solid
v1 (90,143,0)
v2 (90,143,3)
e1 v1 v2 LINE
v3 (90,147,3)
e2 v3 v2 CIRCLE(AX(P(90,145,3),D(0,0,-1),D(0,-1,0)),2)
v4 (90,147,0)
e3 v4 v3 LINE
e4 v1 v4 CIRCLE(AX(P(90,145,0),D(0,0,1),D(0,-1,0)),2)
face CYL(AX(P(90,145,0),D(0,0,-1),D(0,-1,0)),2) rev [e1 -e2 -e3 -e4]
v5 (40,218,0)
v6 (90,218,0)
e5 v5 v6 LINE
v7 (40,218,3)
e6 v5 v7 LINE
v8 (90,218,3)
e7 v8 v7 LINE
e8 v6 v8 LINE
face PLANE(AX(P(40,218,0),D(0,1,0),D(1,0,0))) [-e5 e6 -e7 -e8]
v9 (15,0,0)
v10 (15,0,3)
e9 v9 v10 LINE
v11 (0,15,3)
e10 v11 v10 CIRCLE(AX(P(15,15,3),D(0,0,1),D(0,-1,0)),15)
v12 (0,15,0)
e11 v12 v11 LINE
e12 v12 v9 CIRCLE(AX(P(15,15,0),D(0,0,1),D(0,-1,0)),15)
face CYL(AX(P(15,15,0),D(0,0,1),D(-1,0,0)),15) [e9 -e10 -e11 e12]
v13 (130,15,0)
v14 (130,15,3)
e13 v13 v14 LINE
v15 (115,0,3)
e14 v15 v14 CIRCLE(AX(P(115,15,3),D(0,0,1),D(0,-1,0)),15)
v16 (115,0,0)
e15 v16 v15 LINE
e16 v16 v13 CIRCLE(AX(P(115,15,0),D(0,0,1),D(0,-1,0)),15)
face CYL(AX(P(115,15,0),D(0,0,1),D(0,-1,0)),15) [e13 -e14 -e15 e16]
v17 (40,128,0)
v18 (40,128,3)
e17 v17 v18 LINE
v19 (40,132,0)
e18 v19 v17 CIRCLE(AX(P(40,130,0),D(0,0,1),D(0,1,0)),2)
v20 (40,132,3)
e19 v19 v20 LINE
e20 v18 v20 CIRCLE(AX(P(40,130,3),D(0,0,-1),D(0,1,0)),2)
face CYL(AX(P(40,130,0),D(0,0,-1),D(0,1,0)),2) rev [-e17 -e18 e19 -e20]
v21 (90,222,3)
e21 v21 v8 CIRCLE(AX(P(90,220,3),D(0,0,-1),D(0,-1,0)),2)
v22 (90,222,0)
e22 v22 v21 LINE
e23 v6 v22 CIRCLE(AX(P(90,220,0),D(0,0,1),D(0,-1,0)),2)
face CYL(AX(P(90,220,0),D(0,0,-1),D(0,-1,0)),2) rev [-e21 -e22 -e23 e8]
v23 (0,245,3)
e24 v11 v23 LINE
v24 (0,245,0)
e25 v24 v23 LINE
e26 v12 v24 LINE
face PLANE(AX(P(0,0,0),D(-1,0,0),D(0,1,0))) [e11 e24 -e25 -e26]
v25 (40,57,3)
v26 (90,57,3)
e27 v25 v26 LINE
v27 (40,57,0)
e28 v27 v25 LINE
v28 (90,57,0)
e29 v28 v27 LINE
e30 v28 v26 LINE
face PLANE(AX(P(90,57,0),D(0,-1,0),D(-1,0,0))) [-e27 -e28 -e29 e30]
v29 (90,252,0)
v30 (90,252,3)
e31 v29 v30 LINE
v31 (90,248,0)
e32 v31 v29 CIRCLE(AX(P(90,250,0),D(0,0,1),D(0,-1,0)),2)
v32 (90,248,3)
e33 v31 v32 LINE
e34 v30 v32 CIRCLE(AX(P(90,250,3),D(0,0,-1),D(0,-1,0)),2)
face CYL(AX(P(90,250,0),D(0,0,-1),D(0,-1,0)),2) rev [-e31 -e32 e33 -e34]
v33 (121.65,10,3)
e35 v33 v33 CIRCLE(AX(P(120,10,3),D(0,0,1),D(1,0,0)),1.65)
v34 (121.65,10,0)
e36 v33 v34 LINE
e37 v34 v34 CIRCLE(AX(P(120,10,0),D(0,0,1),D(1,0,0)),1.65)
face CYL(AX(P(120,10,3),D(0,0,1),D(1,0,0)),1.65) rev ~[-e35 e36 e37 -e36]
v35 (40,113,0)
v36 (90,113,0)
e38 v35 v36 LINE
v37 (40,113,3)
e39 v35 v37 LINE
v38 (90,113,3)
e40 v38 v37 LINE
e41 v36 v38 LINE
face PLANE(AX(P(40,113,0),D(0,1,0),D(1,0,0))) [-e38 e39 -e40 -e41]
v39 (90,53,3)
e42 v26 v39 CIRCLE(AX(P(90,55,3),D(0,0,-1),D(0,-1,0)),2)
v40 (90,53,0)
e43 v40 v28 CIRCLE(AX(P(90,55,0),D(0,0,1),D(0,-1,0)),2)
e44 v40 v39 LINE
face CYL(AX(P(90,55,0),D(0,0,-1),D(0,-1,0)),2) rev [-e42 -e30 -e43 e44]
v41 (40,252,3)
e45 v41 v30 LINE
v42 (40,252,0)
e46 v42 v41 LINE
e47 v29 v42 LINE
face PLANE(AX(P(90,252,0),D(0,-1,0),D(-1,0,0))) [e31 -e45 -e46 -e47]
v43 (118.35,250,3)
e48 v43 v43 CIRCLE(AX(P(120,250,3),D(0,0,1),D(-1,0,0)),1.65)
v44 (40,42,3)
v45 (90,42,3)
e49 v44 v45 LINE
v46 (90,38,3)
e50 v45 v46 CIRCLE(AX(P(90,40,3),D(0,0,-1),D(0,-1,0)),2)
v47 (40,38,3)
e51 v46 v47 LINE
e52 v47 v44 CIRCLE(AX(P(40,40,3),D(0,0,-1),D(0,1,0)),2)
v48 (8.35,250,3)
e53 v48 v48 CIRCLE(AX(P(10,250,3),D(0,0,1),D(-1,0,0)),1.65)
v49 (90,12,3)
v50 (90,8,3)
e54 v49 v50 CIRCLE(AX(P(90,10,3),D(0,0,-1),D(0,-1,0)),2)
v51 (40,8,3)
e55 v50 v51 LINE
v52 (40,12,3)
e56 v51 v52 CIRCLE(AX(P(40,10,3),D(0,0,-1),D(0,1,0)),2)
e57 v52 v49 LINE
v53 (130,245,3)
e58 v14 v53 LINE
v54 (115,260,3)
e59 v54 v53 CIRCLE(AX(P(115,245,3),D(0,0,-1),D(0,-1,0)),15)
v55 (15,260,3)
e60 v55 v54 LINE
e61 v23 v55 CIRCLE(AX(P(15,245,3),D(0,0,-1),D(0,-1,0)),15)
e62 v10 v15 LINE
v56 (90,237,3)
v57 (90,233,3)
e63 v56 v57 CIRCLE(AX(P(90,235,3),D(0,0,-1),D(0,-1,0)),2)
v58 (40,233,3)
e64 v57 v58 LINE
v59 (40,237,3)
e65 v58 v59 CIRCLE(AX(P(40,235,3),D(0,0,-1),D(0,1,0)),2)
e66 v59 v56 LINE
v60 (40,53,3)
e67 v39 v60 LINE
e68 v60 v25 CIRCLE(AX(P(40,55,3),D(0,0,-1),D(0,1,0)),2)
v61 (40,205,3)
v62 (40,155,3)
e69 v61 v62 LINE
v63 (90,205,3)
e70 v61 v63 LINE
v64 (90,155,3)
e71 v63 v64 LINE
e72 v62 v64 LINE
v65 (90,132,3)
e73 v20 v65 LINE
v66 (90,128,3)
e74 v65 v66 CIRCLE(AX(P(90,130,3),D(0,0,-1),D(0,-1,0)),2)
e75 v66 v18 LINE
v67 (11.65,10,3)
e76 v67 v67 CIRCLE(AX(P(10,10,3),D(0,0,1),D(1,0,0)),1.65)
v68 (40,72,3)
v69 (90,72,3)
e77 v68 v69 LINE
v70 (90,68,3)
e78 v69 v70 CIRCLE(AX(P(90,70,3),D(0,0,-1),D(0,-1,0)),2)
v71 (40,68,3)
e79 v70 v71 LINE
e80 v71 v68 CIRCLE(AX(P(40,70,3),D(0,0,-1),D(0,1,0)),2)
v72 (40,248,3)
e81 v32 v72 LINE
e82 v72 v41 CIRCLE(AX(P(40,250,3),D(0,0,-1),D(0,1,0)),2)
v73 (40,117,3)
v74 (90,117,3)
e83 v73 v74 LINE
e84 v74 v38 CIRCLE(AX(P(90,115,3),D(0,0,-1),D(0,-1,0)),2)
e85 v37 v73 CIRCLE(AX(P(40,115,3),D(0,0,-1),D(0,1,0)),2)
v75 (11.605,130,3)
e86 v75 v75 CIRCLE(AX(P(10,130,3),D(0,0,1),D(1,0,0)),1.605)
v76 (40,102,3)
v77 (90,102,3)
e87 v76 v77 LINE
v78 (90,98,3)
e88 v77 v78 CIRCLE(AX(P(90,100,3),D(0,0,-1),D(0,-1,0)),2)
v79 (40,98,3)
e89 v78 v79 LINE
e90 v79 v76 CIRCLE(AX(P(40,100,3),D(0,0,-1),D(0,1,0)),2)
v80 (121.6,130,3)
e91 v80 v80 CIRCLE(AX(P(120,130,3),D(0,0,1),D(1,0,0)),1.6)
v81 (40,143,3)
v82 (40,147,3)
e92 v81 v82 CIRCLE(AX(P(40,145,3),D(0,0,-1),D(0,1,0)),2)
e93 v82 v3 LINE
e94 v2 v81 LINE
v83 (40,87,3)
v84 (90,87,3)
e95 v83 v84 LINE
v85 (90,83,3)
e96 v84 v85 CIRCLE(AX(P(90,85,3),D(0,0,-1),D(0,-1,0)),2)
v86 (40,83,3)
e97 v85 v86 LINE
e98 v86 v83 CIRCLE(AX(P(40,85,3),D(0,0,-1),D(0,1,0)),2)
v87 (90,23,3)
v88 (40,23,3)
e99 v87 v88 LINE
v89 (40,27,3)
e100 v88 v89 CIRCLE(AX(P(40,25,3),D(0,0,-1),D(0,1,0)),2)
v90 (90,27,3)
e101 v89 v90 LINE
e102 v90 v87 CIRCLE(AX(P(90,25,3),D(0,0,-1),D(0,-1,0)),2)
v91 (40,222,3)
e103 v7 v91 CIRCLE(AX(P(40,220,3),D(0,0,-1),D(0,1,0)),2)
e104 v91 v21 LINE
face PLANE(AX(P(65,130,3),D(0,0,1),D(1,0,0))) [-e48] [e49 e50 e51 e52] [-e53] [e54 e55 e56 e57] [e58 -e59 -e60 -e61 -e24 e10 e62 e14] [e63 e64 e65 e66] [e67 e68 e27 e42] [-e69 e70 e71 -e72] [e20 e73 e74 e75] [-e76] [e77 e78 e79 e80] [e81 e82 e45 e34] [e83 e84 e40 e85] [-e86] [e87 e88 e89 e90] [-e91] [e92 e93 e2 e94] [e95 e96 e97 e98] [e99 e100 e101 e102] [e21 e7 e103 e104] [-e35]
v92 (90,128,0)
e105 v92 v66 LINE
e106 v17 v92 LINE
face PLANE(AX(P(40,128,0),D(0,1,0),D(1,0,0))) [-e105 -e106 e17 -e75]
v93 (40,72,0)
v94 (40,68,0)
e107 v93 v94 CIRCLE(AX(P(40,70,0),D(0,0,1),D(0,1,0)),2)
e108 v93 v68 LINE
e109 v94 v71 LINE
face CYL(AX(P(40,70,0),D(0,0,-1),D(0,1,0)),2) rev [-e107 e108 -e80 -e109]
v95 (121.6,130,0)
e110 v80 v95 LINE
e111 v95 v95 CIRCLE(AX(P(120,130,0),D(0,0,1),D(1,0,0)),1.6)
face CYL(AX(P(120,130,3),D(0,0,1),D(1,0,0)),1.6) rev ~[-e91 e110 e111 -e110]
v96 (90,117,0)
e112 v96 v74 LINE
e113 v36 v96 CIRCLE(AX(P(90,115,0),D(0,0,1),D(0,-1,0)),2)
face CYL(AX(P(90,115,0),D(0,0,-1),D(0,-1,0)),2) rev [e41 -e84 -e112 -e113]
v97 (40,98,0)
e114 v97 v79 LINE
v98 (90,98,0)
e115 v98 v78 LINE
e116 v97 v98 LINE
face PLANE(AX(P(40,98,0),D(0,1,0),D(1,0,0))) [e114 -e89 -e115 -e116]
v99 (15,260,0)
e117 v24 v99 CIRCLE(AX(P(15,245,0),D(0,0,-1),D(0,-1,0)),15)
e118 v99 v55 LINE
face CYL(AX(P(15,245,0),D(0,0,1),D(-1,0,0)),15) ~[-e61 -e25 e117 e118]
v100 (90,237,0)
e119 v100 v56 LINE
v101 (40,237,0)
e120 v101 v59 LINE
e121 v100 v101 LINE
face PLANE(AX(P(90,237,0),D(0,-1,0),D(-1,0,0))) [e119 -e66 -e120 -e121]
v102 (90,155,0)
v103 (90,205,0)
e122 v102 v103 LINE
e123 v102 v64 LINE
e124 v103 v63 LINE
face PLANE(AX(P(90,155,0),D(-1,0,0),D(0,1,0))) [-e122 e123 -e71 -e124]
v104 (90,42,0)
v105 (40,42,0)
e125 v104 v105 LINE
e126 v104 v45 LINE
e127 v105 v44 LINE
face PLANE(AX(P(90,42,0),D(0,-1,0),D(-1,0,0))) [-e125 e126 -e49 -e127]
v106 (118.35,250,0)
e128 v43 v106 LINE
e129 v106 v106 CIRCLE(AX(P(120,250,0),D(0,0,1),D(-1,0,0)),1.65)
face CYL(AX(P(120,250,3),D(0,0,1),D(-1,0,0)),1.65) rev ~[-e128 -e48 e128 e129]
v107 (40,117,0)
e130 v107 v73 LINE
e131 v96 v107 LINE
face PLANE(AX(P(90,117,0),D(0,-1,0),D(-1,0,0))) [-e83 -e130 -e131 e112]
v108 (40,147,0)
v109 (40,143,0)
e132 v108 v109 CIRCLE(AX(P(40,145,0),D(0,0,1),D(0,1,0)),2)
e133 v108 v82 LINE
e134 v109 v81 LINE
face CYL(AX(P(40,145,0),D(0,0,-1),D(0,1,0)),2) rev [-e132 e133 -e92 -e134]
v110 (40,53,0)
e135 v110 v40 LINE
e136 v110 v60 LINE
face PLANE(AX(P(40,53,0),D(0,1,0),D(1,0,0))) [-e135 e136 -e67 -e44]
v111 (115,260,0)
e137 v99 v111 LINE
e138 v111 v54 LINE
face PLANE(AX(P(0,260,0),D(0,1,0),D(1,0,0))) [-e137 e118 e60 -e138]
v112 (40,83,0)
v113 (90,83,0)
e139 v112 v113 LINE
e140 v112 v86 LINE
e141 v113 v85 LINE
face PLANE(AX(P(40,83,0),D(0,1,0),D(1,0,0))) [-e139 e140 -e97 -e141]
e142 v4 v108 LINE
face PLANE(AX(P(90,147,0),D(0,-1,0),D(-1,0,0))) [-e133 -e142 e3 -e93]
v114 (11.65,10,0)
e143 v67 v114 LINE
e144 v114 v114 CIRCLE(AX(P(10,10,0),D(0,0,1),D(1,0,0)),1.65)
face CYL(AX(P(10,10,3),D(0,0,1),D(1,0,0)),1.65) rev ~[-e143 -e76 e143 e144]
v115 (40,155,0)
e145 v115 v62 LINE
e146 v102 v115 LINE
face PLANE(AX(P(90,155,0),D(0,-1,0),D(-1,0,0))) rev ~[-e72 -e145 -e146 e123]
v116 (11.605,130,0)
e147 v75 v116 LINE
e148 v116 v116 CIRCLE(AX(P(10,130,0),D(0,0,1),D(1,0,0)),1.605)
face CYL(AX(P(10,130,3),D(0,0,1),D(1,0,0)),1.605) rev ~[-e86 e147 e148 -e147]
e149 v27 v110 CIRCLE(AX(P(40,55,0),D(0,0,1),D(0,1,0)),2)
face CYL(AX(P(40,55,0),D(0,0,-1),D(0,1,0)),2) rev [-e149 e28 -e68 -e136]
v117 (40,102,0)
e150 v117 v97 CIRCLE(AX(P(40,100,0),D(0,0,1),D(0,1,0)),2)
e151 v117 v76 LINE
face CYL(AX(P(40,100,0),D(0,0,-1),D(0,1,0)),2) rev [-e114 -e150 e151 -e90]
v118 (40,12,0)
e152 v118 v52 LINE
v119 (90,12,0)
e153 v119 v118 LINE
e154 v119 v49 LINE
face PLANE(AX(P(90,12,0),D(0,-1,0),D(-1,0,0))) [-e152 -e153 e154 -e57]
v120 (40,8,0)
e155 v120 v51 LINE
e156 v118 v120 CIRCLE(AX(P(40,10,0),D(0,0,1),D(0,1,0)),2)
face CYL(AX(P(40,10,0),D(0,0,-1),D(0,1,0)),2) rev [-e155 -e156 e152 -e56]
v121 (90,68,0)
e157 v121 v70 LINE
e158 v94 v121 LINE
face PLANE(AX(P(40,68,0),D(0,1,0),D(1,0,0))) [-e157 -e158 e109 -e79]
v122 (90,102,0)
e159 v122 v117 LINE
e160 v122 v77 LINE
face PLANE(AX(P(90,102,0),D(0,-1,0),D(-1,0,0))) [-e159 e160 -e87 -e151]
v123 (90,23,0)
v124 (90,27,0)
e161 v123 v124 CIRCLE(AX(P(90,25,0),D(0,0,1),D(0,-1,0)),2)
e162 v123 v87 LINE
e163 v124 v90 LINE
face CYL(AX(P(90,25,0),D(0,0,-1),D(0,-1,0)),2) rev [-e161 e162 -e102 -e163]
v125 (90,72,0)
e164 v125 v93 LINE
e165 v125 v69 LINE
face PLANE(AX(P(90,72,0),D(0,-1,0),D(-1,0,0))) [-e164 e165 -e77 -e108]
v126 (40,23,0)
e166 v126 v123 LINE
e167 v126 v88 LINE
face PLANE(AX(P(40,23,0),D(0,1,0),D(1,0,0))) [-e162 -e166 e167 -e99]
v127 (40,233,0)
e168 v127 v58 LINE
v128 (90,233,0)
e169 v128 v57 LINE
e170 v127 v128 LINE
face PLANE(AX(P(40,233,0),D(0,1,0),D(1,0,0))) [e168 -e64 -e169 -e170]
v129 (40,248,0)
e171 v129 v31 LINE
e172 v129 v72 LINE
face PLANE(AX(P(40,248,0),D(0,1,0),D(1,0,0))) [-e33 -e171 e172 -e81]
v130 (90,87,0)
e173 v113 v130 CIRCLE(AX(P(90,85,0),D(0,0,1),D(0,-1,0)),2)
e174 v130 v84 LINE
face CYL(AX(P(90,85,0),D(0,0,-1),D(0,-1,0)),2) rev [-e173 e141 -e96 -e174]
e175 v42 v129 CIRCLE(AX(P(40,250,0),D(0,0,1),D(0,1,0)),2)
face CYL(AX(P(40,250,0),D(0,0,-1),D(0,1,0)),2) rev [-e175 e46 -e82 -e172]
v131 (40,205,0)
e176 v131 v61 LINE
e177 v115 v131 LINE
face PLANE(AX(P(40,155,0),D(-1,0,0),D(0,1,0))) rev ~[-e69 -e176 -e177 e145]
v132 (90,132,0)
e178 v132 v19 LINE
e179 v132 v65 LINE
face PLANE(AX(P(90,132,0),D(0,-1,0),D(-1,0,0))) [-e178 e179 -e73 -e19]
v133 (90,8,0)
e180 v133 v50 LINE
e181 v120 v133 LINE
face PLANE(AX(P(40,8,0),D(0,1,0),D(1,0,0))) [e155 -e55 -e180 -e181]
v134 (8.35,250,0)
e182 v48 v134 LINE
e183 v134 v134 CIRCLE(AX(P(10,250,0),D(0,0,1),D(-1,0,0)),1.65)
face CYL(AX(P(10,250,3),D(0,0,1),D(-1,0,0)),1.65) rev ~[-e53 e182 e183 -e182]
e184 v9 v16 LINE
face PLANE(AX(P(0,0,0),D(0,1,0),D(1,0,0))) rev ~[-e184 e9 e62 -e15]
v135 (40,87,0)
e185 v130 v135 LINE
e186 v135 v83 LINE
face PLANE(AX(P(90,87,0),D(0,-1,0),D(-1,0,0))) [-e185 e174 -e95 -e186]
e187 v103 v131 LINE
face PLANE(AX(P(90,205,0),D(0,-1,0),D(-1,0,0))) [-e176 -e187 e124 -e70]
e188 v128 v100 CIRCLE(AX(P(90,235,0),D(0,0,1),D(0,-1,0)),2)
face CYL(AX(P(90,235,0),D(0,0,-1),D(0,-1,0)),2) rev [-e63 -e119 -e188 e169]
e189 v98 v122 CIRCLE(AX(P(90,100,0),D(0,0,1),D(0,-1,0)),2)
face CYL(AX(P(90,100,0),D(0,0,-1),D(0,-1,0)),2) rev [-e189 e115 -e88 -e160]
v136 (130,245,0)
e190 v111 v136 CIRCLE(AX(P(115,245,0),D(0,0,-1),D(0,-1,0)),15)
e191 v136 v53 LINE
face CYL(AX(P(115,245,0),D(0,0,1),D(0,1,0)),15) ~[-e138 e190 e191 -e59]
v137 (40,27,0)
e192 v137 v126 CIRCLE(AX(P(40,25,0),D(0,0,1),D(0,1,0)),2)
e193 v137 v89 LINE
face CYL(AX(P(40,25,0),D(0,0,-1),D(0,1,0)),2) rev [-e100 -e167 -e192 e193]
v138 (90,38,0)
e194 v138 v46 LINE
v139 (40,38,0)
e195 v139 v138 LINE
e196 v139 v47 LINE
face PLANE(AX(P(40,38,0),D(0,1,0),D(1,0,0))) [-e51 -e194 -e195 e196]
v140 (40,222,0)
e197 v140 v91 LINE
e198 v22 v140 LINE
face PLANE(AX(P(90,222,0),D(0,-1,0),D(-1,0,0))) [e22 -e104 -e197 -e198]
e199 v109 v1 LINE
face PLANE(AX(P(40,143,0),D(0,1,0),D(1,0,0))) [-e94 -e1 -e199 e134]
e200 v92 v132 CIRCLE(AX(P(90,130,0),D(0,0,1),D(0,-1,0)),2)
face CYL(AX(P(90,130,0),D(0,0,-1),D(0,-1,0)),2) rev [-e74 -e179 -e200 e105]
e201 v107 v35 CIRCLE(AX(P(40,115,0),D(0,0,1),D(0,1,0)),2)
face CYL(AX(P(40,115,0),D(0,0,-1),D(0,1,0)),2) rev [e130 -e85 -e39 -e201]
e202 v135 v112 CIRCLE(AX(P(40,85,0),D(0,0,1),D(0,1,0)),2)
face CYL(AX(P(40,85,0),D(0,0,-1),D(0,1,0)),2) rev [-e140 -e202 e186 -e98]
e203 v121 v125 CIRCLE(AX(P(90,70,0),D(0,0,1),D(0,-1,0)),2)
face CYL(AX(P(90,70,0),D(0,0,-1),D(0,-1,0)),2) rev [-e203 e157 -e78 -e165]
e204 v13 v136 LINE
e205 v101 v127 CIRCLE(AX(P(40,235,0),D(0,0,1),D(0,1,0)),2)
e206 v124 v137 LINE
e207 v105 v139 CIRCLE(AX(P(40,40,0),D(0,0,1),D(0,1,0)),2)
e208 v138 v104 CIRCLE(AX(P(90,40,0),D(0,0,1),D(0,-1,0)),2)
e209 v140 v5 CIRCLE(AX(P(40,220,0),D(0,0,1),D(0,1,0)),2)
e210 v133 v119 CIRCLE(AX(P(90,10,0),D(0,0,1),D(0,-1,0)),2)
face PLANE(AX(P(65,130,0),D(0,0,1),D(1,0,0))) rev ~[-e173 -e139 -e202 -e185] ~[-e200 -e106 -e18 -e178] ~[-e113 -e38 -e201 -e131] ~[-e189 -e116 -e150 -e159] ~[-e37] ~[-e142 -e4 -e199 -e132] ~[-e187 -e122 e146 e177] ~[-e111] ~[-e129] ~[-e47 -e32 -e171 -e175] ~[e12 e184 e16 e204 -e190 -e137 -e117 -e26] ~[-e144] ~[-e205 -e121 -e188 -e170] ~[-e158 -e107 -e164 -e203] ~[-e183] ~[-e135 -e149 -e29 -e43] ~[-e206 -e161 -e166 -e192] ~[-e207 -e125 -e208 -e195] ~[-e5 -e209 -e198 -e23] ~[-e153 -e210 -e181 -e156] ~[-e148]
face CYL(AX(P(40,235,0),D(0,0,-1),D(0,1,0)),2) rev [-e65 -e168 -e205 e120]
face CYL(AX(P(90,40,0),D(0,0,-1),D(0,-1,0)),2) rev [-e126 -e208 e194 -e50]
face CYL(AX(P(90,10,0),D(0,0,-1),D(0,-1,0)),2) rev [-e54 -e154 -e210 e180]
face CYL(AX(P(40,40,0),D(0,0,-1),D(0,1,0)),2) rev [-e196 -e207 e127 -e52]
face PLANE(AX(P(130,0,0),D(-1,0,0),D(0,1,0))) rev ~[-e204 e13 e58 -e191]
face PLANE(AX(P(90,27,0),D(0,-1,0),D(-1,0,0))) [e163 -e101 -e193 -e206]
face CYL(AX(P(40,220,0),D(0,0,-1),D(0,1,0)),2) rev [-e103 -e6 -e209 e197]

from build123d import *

# Parameters (mm, degrees)
SKETCH_1_W          = 130
SKETCH_1_H          = 260
EXTRUDE_1_DEPTH     = 3
SKETCH_2_R          = 1.65
SKETCH_2_R_2        = 1.6
SKETCH_2_R_3        = 1.605
CUT_EXTRUDE_1_DEPTH = 3
SKETCH_3_W          = 50
SKETCH_3_H          = 50
CUT_EXTRUDE_2_DEPTH = 10
FILLET_1_R          = 15
CUT_EXTRUDE_4_DEPTH = 10


with BuildPart() as part:
    # 草图1 → 凸台-拉伸1 (new body)
    with BuildSketch(Plane.XY):
        with Locations((65, 130)):
            Rectangle(SKETCH_1_W, SKETCH_1_H)
    extrude(amount=EXTRUDE_1_DEPTH)

    # 草图2 → 切除-拉伸1 (cut)
    with BuildSketch(Plane.XY.offset(3)):
        with Locations((120, 10)):
            Circle(SKETCH_2_R)
        with Locations((10, 10)):
            Circle(SKETCH_2_R)
        with Locations(Location((10, 250, 0), (0, 0, 180))):
            Circle(SKETCH_2_R)
        with Locations(Location((120, 250, 0), (0, 0, 180))):
            Circle(SKETCH_2_R)
        with Locations((120, 130)):
            Circle(SKETCH_2_R_2)
        with Locations((10, 130)):
            Circle(SKETCH_2_R_3)
    extrude(amount=-CUT_EXTRUDE_1_DEPTH, mode=Mode.SUBTRACT)

    # 草图3 → 切除-拉伸2 (cut)
    with BuildSketch(Plane(origin=(0, 0, 0), x_dir=(-1, 0, 0), z_dir=(0, 0, -1))):
        with Locations((-65, 180)):
            Rectangle(SKETCH_3_W, SKETCH_3_H)
    extrude(amount=-CUT_EXTRUDE_2_DEPTH, mode=Mode.SUBTRACT)

    # 圆角1
    fillet_1_edges = [part.edges().sort_by_distance(p)[0] for p in [
        (0, 0, 1.5),
        (130, 0, 1.5),
        (130, 260, 1.5),
        (0, 260, 1.5),
    ]]
    fillet(fillet_1_edges, radius=FILLET_1_R)

    # 草图4 → 切除-拉伸4 (cut)
    with BuildSketch(Plane(origin=(0, 0, 0), x_dir=(-1, 0, 0), z_dir=(0, 0, -1))):
        with BuildLine():
            Line((-90, 12), (-40, 12))
            ThreePointArc((-40, 12), (-38, 10), (-40, 8))
            Line((-40, 8), (-90, 8))
            ThreePointArc((-90, 8), (-92, 10), (-90, 12))
        make_face()
        with BuildLine():
            Line((-90, 27), (-40, 27))
            ThreePointArc((-40, 27), (-38, 25), (-40, 23))
            Line((-40, 23), (-90, 23))
            ThreePointArc((-90, 23), (-92, 25), (-90, 27))
        make_face()
        with BuildLine():
            Line((-90, 42), (-40, 42))
            ThreePointArc((-40, 42), (-38, 40), (-40, 38))
            Line((-40, 38), (-90, 38))
            ThreePointArc((-90, 38), (-92, 40), (-90, 42))
        make_face()
        with BuildLine():
            Line((-90, 57), (-40, 57))
            ThreePointArc((-40, 57), (-38, 55), (-40, 53))
            Line((-40, 53), (-90, 53))
            ThreePointArc((-90, 53), (-92, 55), (-90, 57))
        make_face()
        with BuildLine():
            Line((-90, 72), (-40, 72))
            ThreePointArc((-40, 72), (-38, 70), (-40, 68))
            Line((-40, 68), (-90, 68))
            ThreePointArc((-90, 68), (-92, 70), (-90, 72))
        make_face()
        with BuildLine():
            Line((-90, 87), (-40, 87))
            ThreePointArc((-40, 87), (-38, 85), (-40, 83))
            Line((-40, 83), (-90, 83))
            ThreePointArc((-90, 83), (-92, 85), (-90, 87))
        make_face()
        with BuildLine():
            Line((-90, 102), (-40, 102))
            ThreePointArc((-40, 102), (-38, 100), (-40, 98))
            Line((-40, 98), (-90, 98))
            ThreePointArc((-90, 98), (-92, 100), (-90, 102))
        make_face()
        with BuildLine():
            Line((-90, 117), (-40, 117))
            ThreePointArc((-40, 117), (-38, 115), (-40, 113))
            Line((-40, 113), (-90, 113))
            ThreePointArc((-90, 113), (-92, 115), (-90, 117))
        make_face()
        with BuildLine():
            Line((-90, 132), (-40, 132))
            ThreePointArc((-40, 132), (-38, 130), (-40, 128))
            Line((-40, 128), (-90, 128))
            ThreePointArc((-90, 128), (-92, 130), (-90, 132))
        make_face()
        with BuildLine():
            Line((-90, 147), (-40, 147))
            ThreePointArc((-40, 147), (-38, 145), (-40, 143))
            Line((-40, 143), (-90, 143))
            ThreePointArc((-90, 143), (-92, 145), (-90, 147))
        make_face()
        with BuildLine():
            Line((-90, 222), (-40, 222))
            ThreePointArc((-40, 222), (-38, 220), (-40, 218))
            Line((-40, 218), (-90, 218))
            ThreePointArc((-90, 218), (-92, 220), (-90, 222))
        make_face()
        with BuildLine():
            Line((-90, 237), (-40, 237))
            ThreePointArc((-40, 237), (-38, 235), (-40, 233))
            Line((-40, 233), (-90, 233))
            ThreePointArc((-90, 233), (-92, 235), (-90, 237))
        make_face()
        with BuildLine():
            Line((-90, 252), (-40, 252))
            ThreePointArc((-40, 252), (-38, 250), (-40, 248))
            Line((-40, 248), (-90, 248))
            ThreePointArc((-90, 248), (-92, 250), (-90, 252))
        make_face()
    extrude(amount=-CUT_EXTRUDE_4_DEPTH, mode=Mode.SUBTRACT)


solid = part.part
